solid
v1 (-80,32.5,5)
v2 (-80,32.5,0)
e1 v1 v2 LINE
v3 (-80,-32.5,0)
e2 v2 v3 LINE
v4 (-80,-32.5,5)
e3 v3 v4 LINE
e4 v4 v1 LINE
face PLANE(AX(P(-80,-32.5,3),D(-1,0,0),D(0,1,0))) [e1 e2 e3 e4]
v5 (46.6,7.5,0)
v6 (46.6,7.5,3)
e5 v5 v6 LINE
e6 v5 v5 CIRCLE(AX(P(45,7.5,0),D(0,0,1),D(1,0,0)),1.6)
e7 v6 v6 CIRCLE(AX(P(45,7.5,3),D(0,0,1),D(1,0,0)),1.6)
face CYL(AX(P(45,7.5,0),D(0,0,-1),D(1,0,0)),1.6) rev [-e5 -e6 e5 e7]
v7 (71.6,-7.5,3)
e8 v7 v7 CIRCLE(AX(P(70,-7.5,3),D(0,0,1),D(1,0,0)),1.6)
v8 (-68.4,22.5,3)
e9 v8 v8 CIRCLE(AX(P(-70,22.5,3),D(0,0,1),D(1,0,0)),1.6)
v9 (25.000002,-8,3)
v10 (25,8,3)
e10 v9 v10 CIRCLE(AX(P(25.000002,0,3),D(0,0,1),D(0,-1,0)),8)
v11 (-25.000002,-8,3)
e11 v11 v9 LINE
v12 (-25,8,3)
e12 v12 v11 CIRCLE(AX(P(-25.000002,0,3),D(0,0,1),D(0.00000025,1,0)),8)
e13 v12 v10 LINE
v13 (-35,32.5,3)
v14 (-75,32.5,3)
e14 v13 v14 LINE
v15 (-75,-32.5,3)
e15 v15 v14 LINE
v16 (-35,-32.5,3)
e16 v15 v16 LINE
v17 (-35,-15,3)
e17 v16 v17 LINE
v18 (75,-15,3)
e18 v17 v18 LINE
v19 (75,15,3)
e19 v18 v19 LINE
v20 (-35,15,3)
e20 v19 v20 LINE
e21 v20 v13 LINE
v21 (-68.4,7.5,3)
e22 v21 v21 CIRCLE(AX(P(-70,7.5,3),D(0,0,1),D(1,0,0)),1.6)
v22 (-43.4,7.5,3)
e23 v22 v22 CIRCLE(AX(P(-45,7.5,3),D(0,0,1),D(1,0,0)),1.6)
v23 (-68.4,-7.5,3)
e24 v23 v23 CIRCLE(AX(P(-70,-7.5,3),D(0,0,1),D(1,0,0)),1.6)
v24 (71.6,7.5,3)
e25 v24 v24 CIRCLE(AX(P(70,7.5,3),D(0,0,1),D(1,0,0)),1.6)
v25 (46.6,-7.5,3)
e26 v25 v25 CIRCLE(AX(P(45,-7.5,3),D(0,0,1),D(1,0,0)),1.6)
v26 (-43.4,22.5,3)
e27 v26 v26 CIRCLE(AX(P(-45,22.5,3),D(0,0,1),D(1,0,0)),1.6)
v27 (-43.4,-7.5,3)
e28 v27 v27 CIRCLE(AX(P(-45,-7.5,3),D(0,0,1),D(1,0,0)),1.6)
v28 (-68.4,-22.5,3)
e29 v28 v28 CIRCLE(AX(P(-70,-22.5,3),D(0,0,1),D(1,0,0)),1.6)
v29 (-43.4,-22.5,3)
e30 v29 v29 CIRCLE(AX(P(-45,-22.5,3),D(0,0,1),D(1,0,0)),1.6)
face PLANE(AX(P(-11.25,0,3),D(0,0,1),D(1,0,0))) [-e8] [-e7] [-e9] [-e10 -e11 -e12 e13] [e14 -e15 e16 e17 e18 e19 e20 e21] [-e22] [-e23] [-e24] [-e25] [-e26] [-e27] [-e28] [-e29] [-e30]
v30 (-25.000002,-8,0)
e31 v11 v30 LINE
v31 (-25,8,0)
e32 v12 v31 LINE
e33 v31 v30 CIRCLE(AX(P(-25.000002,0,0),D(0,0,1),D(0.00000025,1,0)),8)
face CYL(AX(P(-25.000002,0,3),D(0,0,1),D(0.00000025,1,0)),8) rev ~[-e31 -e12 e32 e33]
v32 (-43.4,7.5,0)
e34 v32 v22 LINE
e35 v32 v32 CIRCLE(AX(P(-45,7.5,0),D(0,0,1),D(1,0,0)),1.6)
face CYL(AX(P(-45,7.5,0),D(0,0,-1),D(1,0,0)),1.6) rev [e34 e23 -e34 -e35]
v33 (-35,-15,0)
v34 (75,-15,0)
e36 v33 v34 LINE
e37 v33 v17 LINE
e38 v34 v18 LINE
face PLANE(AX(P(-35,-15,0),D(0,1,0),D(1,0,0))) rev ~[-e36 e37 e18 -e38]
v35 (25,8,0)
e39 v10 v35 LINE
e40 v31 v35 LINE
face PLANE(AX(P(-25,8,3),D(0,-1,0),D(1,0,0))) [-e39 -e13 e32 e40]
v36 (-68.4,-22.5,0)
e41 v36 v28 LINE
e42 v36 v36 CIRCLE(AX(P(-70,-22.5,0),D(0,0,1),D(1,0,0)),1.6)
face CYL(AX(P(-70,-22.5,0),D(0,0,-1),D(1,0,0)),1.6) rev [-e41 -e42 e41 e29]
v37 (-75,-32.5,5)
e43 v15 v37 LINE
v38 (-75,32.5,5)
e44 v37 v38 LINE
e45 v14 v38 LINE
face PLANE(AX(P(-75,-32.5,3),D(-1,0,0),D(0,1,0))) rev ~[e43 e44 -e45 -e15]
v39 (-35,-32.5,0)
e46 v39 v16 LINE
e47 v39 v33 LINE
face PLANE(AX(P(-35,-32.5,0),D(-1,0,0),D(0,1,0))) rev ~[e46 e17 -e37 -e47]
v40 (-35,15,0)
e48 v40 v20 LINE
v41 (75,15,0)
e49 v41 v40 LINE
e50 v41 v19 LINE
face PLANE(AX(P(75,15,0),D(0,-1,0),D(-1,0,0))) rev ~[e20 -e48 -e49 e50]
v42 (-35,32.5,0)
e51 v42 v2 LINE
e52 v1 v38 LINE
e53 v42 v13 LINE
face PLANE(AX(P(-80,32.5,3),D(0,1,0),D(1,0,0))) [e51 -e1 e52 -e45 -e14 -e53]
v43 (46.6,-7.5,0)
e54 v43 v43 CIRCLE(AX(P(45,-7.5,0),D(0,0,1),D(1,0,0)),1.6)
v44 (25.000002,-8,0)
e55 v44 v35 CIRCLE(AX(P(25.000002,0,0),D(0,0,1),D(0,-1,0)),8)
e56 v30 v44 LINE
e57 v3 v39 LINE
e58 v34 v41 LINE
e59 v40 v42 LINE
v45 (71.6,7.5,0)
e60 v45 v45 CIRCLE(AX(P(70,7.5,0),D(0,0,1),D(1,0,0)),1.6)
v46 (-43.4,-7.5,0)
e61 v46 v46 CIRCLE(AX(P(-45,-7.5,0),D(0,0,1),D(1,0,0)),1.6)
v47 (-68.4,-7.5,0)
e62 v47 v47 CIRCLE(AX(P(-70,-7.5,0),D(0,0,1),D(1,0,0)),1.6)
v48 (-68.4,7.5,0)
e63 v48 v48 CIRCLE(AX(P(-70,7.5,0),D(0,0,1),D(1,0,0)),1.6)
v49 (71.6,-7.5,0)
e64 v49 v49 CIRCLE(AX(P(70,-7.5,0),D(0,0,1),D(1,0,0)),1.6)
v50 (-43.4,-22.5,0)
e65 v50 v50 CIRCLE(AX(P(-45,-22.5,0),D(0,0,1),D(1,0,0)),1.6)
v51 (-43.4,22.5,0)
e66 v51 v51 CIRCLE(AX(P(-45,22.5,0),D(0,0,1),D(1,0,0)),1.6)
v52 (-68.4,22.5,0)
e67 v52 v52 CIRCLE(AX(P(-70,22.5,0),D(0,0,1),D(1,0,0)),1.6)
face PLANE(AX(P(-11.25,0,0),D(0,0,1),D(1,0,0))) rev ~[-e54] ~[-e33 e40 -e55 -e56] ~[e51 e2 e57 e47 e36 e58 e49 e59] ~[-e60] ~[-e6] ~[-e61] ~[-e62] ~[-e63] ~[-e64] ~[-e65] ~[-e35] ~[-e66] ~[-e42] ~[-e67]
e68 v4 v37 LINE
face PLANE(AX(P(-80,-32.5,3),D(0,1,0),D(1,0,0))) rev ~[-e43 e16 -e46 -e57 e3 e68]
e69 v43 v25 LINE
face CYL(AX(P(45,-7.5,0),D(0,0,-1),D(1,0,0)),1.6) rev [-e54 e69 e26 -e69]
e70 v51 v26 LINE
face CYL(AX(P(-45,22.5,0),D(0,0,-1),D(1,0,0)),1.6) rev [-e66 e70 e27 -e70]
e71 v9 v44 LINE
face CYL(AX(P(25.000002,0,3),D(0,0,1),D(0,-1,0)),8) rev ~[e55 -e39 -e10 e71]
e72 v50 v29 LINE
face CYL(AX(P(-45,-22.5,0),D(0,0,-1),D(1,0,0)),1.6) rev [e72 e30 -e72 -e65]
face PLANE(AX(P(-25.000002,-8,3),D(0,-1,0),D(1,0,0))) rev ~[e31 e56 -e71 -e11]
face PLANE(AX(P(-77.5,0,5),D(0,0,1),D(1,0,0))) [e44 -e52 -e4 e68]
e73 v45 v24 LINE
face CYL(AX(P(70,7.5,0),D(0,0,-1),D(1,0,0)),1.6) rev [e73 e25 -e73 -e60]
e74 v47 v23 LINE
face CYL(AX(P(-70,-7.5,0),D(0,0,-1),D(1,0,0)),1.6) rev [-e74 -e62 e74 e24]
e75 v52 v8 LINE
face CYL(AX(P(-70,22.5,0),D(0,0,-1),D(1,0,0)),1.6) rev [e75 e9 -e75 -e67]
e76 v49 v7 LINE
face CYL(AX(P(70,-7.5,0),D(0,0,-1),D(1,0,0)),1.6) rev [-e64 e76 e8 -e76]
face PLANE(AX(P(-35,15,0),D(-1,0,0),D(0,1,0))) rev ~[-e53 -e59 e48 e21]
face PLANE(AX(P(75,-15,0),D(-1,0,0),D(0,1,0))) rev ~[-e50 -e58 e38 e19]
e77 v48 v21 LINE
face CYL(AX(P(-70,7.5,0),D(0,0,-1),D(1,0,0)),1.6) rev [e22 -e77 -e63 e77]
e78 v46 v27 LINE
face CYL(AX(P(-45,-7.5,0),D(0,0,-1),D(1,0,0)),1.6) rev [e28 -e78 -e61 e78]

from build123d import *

# Parameters (mm, degrees)
SKETCH_R     = 1.6
PAD_DEPTH    = 3
SKETCH001_W  = 5
SKETCH001_H  = 65
PAD001_DEPTH = 2
POCKET_DEPTH = 5


with BuildPart() as part:
    # Sketch → Pad (new body)
    with BuildSketch(Plane.XY):
        Polygon((-80, 32.5), (-80, -32.5), (-35, -32.5), (-35, -15), (75, -15), (75, 15), (-35, 15), (-35, 32.5), align=None)
        with Locations((-70, 22.5)):
            Circle(SKETCH_R, mode=Mode.SUBTRACT)
        with Locations((-45, 22.5)):
            Circle(SKETCH_R, mode=Mode.SUBTRACT)
        with Locations((-70, 7.5)):
            Circle(SKETCH_R, mode=Mode.SUBTRACT)
        with Locations((-45, 7.5)):
            Circle(SKETCH_R, mode=Mode.SUBTRACT)
        with Locations((-70, -7.5)):
            Circle(SKETCH_R, mode=Mode.SUBTRACT)
        with Locations((-45, -7.5)):
            Circle(SKETCH_R, mode=Mode.SUBTRACT)
        with Locations((-70, -22.5)):
            Circle(SKETCH_R, mode=Mode.SUBTRACT)
        with Locations((-45, -22.5)):
            Circle(SKETCH_R, mode=Mode.SUBTRACT)
        with Locations((45, 7.5)):
            Circle(SKETCH_R, mode=Mode.SUBTRACT)
        with Locations((45, -7.5)):
            Circle(SKETCH_R, mode=Mode.SUBTRACT)
        with Locations((70, 7.5)):
            Circle(SKETCH_R, mode=Mode.SUBTRACT)
        with Locations((70, -7.5)):
            Circle(SKETCH_R, mode=Mode.SUBTRACT)
    extrude(amount=PAD_DEPTH)

    # Sketch001 → Pad001 (new body)
    with BuildSketch(Plane.XY.offset(3)):
        with Locations((-77.5, 0)):
            Rectangle(SKETCH001_W, SKETCH001_H)
    extrude(amount=PAD001_DEPTH)

    # Sketch002 → Pocket (cut)
    with BuildSketch(Plane.XY.offset(3)):
        with BuildLine():
            ThreePointArc((-25, 8), (-33.000002, 1e-06), (-25.000002, -8))
            Line((-25.000002, -8), (25.000002, -8))
            ThreePointArc((25.000002, -8), (33.000002, 1e-06), (25, 8))
            Line((-25, 8), (25, 8))
        make_face()
    extrude(amount=-POCKET_DEPTH, mode=Mode.SUBTRACT)


solid = part.part
